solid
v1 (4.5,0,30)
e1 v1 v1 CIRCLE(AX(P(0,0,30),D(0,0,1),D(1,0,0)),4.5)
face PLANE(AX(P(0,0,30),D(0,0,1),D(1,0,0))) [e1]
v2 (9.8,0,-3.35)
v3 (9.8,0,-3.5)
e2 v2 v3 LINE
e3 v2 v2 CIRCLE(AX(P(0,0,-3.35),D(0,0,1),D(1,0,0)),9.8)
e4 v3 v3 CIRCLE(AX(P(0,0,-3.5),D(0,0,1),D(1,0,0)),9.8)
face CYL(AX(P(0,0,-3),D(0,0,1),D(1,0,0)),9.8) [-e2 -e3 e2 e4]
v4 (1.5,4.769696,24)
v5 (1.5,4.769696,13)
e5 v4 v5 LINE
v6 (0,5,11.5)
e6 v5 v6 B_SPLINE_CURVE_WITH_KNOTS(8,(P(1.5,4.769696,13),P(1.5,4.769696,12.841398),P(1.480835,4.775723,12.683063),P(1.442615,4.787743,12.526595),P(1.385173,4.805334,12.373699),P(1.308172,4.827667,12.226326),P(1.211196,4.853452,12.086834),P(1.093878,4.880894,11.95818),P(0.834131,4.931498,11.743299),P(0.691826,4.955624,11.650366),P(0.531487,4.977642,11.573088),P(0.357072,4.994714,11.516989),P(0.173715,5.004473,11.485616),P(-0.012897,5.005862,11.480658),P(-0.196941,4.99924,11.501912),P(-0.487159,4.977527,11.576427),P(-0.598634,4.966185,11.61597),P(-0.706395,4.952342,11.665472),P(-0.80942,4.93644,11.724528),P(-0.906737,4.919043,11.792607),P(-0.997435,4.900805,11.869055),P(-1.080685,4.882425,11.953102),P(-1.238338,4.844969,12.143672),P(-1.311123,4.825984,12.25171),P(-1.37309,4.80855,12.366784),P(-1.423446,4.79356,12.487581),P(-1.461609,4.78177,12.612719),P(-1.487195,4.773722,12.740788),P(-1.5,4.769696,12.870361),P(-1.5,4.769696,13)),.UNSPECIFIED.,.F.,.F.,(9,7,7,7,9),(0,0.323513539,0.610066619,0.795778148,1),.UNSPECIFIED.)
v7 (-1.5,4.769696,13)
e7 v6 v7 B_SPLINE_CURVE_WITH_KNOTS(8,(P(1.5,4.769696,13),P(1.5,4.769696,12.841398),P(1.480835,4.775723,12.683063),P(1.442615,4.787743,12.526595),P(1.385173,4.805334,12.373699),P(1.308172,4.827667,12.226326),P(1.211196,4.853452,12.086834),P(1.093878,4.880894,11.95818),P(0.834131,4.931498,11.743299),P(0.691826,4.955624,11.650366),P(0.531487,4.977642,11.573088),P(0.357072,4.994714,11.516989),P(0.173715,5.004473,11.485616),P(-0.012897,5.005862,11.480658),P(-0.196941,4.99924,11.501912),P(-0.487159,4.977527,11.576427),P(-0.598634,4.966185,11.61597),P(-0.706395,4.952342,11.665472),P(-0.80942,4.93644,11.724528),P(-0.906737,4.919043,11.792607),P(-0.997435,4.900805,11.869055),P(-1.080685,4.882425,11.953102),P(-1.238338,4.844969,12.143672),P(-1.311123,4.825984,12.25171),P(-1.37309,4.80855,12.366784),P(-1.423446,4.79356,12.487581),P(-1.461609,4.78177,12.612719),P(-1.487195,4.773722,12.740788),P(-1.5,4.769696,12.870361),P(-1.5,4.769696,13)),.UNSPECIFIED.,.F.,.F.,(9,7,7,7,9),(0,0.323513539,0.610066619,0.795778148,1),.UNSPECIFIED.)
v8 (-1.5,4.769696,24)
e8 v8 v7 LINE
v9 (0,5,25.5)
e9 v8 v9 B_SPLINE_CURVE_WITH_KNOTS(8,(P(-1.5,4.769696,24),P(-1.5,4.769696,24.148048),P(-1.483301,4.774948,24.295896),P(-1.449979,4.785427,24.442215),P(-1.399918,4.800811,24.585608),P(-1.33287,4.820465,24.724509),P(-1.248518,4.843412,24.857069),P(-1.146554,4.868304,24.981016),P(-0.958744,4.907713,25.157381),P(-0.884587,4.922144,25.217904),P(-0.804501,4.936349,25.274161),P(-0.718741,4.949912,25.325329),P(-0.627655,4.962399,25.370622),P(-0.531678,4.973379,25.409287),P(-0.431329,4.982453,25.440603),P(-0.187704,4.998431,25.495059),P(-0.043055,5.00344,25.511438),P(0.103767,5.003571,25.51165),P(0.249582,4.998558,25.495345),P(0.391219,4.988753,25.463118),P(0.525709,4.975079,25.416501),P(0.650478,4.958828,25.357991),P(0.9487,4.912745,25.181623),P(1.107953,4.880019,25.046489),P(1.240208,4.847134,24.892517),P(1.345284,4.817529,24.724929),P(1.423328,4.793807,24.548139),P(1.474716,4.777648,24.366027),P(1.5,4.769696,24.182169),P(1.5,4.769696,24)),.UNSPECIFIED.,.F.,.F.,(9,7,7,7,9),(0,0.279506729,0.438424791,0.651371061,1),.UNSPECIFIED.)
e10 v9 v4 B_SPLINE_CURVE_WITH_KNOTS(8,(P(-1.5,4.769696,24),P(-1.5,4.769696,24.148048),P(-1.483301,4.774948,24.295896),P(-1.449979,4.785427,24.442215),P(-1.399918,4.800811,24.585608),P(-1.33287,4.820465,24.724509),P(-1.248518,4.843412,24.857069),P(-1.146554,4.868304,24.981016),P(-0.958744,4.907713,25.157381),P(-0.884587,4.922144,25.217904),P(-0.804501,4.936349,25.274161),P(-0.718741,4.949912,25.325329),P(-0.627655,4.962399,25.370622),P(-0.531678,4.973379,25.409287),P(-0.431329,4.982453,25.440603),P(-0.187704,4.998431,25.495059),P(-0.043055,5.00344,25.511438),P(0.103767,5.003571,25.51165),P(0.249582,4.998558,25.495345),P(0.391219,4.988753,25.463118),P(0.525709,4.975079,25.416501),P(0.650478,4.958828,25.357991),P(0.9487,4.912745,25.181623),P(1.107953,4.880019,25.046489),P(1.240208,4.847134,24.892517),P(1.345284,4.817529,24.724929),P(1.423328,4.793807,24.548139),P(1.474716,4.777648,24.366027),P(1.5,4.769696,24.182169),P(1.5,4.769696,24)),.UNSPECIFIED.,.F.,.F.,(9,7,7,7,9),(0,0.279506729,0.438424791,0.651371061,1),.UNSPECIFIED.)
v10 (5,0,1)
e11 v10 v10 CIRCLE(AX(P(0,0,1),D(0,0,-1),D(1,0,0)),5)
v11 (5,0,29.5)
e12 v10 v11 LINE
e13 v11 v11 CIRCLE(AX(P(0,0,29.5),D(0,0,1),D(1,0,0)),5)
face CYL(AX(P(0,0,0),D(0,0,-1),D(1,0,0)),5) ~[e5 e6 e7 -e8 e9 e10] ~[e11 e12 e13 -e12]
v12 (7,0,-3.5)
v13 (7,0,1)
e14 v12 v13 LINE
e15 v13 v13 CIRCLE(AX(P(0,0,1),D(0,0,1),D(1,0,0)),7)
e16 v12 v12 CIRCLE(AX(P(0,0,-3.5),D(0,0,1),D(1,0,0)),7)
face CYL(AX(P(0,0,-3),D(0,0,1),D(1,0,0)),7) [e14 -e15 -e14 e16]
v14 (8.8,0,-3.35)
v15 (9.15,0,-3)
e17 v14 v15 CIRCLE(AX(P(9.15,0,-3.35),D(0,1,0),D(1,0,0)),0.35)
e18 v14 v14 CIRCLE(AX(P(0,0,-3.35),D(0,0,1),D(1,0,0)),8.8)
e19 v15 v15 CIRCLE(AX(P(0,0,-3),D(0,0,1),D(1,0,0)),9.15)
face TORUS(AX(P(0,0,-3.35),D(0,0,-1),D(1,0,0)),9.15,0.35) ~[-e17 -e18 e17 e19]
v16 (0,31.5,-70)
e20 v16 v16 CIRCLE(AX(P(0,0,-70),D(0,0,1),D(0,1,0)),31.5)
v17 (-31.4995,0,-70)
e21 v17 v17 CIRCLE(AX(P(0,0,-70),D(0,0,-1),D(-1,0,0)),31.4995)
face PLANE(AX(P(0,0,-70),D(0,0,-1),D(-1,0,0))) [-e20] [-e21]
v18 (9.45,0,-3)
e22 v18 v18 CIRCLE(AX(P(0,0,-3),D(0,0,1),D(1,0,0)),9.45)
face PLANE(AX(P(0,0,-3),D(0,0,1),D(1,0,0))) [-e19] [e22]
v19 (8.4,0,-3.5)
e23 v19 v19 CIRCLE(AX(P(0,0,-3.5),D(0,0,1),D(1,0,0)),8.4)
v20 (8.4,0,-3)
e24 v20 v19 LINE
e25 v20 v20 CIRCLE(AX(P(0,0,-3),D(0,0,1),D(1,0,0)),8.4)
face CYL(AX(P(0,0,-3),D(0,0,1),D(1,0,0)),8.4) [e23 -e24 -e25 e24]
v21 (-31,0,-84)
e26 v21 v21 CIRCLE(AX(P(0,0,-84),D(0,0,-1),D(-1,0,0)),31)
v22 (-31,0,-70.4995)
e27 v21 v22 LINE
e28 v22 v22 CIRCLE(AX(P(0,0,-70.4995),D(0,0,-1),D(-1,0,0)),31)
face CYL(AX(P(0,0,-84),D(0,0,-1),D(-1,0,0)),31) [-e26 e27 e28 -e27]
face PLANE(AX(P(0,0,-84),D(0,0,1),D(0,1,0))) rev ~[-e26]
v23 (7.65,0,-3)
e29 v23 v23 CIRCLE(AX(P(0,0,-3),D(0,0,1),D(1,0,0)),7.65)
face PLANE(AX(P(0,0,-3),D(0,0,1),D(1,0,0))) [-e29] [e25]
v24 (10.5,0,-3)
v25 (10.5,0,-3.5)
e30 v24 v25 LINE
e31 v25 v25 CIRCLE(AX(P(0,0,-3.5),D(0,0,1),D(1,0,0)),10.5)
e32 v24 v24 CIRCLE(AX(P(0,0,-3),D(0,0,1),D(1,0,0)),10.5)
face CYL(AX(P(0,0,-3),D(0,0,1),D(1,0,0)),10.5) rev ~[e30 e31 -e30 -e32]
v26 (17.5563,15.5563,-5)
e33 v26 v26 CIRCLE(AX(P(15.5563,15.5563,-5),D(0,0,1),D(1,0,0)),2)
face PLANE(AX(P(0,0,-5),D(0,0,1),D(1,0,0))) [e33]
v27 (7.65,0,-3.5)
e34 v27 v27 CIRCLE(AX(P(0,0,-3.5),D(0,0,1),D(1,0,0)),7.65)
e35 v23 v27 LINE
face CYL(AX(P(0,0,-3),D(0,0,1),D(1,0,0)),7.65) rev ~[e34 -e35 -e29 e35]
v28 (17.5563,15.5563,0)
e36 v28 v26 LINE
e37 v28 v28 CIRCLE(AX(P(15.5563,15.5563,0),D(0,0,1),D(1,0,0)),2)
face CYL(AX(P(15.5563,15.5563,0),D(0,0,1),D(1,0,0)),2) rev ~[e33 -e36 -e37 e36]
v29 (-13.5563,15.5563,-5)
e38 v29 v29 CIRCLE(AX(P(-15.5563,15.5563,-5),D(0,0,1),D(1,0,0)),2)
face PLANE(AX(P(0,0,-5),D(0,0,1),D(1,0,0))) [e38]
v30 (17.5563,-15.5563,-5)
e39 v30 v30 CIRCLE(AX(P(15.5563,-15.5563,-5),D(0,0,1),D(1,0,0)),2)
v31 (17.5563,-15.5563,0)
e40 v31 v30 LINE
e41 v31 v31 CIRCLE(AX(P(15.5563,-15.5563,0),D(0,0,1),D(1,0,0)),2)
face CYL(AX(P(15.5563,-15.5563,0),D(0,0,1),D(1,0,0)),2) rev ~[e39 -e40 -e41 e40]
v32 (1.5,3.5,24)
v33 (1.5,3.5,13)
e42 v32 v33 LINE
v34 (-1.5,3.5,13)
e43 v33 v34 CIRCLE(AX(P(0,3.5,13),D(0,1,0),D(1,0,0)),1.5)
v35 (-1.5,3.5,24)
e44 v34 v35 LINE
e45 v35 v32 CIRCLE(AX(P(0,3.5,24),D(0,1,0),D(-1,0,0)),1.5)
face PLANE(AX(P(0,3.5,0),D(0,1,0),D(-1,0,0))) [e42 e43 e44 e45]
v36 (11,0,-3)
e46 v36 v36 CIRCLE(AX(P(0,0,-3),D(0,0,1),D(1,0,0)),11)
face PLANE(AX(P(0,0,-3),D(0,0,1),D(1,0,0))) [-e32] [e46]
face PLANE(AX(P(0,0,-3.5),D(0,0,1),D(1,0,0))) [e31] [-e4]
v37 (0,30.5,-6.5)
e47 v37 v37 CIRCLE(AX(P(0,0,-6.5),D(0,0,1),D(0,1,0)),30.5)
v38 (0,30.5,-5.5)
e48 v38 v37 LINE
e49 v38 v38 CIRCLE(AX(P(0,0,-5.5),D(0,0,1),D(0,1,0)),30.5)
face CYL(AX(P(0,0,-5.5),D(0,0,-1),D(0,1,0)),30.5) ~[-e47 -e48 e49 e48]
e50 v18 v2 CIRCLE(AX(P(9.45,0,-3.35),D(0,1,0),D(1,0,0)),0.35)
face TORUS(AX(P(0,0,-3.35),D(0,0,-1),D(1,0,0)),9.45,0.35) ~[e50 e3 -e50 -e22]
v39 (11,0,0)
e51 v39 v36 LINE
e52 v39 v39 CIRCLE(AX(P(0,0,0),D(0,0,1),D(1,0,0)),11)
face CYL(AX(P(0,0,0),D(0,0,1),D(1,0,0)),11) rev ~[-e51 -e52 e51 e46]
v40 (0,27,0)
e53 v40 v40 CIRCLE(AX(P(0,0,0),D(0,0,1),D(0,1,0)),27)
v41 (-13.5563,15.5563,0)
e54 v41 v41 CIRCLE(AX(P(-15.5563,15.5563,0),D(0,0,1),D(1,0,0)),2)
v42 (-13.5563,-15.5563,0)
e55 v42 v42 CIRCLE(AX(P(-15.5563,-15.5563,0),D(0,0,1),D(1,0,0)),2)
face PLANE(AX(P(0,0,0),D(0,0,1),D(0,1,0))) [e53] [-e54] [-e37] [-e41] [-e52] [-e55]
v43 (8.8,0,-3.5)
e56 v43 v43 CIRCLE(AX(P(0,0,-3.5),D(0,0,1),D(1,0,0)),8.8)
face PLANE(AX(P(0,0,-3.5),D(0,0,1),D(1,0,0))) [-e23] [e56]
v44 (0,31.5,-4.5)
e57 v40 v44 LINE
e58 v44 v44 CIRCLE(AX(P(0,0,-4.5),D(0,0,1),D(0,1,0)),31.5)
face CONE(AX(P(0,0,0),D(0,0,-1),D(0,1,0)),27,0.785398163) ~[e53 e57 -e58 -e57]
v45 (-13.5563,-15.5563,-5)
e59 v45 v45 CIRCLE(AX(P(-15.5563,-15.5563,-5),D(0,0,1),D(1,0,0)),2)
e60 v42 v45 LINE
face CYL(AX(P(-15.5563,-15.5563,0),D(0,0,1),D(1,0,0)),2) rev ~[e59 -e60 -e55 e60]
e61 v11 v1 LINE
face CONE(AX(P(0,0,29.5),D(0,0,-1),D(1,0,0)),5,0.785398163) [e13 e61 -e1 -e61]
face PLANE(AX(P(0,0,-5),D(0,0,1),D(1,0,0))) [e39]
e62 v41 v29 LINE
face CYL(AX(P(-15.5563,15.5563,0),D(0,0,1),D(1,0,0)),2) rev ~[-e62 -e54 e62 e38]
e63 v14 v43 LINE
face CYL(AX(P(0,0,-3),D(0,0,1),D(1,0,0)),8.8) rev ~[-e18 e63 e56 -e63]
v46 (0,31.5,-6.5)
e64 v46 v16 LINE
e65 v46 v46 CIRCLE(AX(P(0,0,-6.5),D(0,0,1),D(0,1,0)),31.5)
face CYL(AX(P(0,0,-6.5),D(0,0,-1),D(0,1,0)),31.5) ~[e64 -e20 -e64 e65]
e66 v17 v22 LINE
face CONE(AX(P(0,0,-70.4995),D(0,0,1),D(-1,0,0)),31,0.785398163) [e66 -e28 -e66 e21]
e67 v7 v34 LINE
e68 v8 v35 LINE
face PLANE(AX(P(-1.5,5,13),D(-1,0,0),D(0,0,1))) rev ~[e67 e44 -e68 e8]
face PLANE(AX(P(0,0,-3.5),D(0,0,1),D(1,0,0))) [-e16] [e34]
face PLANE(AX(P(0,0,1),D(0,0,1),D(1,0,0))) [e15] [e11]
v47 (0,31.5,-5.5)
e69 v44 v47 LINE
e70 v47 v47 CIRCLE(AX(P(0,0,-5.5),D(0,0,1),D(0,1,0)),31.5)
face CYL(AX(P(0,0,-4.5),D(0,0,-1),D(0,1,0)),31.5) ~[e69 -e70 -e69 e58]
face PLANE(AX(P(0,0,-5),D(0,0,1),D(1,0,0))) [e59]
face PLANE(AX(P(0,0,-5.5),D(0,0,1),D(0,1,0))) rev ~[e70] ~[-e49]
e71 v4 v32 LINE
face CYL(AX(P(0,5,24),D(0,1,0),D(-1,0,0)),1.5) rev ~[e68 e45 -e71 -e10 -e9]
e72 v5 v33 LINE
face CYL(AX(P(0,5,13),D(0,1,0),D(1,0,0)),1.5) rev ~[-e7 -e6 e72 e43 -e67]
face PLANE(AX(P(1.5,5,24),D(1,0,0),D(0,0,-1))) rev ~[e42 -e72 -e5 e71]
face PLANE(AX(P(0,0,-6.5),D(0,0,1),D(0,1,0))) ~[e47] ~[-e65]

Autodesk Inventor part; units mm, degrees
ref_plane "YZ Plane" through (0, 0, 0) normal (1, 0, 0) x (0, 1, 0)
sketch "Sketch1" plane through (0, 0, 0) normal (1, 0, 0) x (0, 1, 0)
  line L0 (27, 0) -> (0, 0)
  line L1 (27, 0) -> (31.5, -4.5)
  line L2 (31.5, -4.5) -> (31.5, -5.5)
  line L3 (27, 0) -> (27, -13.1503) construction
  line L4 (31.5, -5.5) -> (30.5, -5.5)
  line L5 (30.5, -5.5) -> (30.5, -6.5)
  line L6 (30.5, -6.5) -> (31.5, -6.5)
  line L7 (31.5, -6.5) -> (31.5, -84)
  line L8 (31.5, -84) -> (0, -84)
  line L9 (0, -84) -> (0, 0)
  dimension "d0" = 27
  dimension "d1" = 31.5
  dimension "d2" = 45
  dimension "d5" = 1
  dimension "d6" = 1
  dimension "d7" = 1
  dimension "d8" = 1
  dimension "d9" = 84
revolve "Revolution1" add sketch "Sketch1" angle 360 about axis through (0, 0, -84) along (0, 0, 1)
sketch "Sketch2" plane through (0, 0, 0) normal (0, 0, 1) x (1, 0, 0)
  circle A0 centre (-15.5563, 15.5563) radius 2
  line L0 (-15.5563, 15.5563) -> (0, 0) construction
  line L1 (0, 0) -> (-12.1027, 0) construction
  circle A1 centre (-15.5563, -15.5563) radius 2
  circle A2 centre (15.5563, -15.5563) radius 2
  circle A3 centre (15.5563, 15.5563) radius 2
  dimension "d11" = 4
  dimension "d12" = 22
  dimension "d13" = 45
  dimension "d16" = 360
extrude "Extrusion1" cut sketch "Sketch2" against normal blind 5
thread "Thread1" size "M4x0.7" class "6H" standard "ANSI Metric M Profile" full length
thread "Thread2" size "M4x0.7" class "6H" standard "ANSI Metric M Profile" full length
thread "Thread3" size "M4x0.7" class "6H" standard "ANSI Metric M Profile" full length
thread "Thread4" size "M4x0.7" class "6H" standard "ANSI Metric M Profile" full length
sketch "Sketch3" plane through (0, 0, 0) normal (0, 0, 1) x (1, 0, 0)
  circle A0 centre (0, 0) radius 5
  dimension "d28" = 10
extrude "Extrusion2" add sketch "Sketch3" along normal blind 30
chamfer "Chamfer1" distance 0.5 angle 45 1 edges at (-5, 0, 30)
ref_plane "Work Plane1" through (0, 5, 0) normal (0, 1, 0) x (-1, 0, 0)
sketch "Sketch4" plane through (0, 5, 0) normal (0, 1, 0) x (-1, 0, 0)
  line L0 (0, 13) -> (0, 24) construction
  line L1 (1.5, 13) -> (1.5, 24)
  line L2 (-1.5, 24) -> (-1.5, 13)
  arc A0 (-1.5, 13) -> (1.5, 13) centre (0, 13) ccw
  arc A1 (1.5, 24) -> (-1.5, 24) centre (0, 24) ccw
  line L3 (5, 29.5) -> (-5, 29.5) construction
  point P0 (0, 0)
  point P1 (0, 18.5)
  point P2 (0, 29.5)
  point P3 (0, 25.5)
  dimension "d35" = 11
  dimension "d36" = 3
  dimension "d37" = 4
extrude "Extrusion3" cut sketch "Sketch4" against normal blind 1.5
ref_plane "Work Plane2" through (0, 36, 0) normal (0, 1, 0) x (-1, 0, 0)
sketch "Sketch5" plane through (0, 36, 0) normal (0, 1, 0) x (-1, 0, 0)
  line L0 (14.1999, -66.6752) -> (-12.4029, -66.6752) construction
  line L1 (-12.4029, -66.6752) -> (-12.4029, -14.1495) construction
  line L2 (-12.4029, -14.1495) -> (14.1999, -14.1495) construction
  line L3 (14.1999, -14.1495) -> (14.1999, -66.6752) construction
  point P0 (0, 0)
decal "Decal1"
sketch "Sketch6" plane through (0, 0, -84) normal (0, 0, -1) x (-1, 0, 0)
  circle A0 centre (0, 0) radius 31.5 projected
  circle A1 centre (0, 0) radius 31
  dimension "d52" = 0.5
extrude "Extrusion4" cut sketch "Sketch6" against normal blind 14
chamfer "Chamfer2" distance 0.5 angle 45 1 edges at (31, 0, -70)
sketch "Sketch7" plane through (0, 0, 0) normal (0, 0, 1) x (1, 0, 0)
  circle A0 centre (0, 0) radius 11
  dimension "d58" = 22
extrude "Extrusion5" cut sketch "Sketch7" against normal blind 3
sketch "Sketch8" plane through (0, 0, -3) normal (0, 0, 1) x (1, 0, 0)
  circle A0 centre (0, 0) radius 7
  dimension "d61" = 14
extrude "Extrusion6" add sketch "Sketch8" along normal blind 4
sketch "Sketch9" plane through (0, 0, -3) normal (0, 0, 1) x (1, 0, 0)
  circle A0 centre (0, 0) radius 11 projected
  circle A1 centre (0, 0) radius 10.5
  circle A2 centre (0, 0) radius 9.8
  circle A3 centre (0, 0) radius 8.8
  circle A4 centre (0, 0) radius 8.4
  circle A5 centre (0, 0) radius 7.65
  circle A6 centre (0, 0) radius 7 projected
  dimension "d64" = 0.5
  dimension "d65" = 0.7
  dimension "d66" = 1
  dimension "d69" = 0.4
  dimension "d70" = 0.75
extrude "Extrusion7" cut sketch "Sketch9" against normal blind 0.5 contours A1
extrude "Extrusion8" cut sketch "Sketch9" against normal blind 0.5 contours A3
fillet "Fillet1" radius 0.35 2 edges at (-9.8, 0, -3) (-8.8, 0, -3)
extrude "Extrusion9" cut sketch "Sketch9" against normal blind 0.5 contours A5
properties part number "Flipsky E-Board Motor 6384 190KV"
